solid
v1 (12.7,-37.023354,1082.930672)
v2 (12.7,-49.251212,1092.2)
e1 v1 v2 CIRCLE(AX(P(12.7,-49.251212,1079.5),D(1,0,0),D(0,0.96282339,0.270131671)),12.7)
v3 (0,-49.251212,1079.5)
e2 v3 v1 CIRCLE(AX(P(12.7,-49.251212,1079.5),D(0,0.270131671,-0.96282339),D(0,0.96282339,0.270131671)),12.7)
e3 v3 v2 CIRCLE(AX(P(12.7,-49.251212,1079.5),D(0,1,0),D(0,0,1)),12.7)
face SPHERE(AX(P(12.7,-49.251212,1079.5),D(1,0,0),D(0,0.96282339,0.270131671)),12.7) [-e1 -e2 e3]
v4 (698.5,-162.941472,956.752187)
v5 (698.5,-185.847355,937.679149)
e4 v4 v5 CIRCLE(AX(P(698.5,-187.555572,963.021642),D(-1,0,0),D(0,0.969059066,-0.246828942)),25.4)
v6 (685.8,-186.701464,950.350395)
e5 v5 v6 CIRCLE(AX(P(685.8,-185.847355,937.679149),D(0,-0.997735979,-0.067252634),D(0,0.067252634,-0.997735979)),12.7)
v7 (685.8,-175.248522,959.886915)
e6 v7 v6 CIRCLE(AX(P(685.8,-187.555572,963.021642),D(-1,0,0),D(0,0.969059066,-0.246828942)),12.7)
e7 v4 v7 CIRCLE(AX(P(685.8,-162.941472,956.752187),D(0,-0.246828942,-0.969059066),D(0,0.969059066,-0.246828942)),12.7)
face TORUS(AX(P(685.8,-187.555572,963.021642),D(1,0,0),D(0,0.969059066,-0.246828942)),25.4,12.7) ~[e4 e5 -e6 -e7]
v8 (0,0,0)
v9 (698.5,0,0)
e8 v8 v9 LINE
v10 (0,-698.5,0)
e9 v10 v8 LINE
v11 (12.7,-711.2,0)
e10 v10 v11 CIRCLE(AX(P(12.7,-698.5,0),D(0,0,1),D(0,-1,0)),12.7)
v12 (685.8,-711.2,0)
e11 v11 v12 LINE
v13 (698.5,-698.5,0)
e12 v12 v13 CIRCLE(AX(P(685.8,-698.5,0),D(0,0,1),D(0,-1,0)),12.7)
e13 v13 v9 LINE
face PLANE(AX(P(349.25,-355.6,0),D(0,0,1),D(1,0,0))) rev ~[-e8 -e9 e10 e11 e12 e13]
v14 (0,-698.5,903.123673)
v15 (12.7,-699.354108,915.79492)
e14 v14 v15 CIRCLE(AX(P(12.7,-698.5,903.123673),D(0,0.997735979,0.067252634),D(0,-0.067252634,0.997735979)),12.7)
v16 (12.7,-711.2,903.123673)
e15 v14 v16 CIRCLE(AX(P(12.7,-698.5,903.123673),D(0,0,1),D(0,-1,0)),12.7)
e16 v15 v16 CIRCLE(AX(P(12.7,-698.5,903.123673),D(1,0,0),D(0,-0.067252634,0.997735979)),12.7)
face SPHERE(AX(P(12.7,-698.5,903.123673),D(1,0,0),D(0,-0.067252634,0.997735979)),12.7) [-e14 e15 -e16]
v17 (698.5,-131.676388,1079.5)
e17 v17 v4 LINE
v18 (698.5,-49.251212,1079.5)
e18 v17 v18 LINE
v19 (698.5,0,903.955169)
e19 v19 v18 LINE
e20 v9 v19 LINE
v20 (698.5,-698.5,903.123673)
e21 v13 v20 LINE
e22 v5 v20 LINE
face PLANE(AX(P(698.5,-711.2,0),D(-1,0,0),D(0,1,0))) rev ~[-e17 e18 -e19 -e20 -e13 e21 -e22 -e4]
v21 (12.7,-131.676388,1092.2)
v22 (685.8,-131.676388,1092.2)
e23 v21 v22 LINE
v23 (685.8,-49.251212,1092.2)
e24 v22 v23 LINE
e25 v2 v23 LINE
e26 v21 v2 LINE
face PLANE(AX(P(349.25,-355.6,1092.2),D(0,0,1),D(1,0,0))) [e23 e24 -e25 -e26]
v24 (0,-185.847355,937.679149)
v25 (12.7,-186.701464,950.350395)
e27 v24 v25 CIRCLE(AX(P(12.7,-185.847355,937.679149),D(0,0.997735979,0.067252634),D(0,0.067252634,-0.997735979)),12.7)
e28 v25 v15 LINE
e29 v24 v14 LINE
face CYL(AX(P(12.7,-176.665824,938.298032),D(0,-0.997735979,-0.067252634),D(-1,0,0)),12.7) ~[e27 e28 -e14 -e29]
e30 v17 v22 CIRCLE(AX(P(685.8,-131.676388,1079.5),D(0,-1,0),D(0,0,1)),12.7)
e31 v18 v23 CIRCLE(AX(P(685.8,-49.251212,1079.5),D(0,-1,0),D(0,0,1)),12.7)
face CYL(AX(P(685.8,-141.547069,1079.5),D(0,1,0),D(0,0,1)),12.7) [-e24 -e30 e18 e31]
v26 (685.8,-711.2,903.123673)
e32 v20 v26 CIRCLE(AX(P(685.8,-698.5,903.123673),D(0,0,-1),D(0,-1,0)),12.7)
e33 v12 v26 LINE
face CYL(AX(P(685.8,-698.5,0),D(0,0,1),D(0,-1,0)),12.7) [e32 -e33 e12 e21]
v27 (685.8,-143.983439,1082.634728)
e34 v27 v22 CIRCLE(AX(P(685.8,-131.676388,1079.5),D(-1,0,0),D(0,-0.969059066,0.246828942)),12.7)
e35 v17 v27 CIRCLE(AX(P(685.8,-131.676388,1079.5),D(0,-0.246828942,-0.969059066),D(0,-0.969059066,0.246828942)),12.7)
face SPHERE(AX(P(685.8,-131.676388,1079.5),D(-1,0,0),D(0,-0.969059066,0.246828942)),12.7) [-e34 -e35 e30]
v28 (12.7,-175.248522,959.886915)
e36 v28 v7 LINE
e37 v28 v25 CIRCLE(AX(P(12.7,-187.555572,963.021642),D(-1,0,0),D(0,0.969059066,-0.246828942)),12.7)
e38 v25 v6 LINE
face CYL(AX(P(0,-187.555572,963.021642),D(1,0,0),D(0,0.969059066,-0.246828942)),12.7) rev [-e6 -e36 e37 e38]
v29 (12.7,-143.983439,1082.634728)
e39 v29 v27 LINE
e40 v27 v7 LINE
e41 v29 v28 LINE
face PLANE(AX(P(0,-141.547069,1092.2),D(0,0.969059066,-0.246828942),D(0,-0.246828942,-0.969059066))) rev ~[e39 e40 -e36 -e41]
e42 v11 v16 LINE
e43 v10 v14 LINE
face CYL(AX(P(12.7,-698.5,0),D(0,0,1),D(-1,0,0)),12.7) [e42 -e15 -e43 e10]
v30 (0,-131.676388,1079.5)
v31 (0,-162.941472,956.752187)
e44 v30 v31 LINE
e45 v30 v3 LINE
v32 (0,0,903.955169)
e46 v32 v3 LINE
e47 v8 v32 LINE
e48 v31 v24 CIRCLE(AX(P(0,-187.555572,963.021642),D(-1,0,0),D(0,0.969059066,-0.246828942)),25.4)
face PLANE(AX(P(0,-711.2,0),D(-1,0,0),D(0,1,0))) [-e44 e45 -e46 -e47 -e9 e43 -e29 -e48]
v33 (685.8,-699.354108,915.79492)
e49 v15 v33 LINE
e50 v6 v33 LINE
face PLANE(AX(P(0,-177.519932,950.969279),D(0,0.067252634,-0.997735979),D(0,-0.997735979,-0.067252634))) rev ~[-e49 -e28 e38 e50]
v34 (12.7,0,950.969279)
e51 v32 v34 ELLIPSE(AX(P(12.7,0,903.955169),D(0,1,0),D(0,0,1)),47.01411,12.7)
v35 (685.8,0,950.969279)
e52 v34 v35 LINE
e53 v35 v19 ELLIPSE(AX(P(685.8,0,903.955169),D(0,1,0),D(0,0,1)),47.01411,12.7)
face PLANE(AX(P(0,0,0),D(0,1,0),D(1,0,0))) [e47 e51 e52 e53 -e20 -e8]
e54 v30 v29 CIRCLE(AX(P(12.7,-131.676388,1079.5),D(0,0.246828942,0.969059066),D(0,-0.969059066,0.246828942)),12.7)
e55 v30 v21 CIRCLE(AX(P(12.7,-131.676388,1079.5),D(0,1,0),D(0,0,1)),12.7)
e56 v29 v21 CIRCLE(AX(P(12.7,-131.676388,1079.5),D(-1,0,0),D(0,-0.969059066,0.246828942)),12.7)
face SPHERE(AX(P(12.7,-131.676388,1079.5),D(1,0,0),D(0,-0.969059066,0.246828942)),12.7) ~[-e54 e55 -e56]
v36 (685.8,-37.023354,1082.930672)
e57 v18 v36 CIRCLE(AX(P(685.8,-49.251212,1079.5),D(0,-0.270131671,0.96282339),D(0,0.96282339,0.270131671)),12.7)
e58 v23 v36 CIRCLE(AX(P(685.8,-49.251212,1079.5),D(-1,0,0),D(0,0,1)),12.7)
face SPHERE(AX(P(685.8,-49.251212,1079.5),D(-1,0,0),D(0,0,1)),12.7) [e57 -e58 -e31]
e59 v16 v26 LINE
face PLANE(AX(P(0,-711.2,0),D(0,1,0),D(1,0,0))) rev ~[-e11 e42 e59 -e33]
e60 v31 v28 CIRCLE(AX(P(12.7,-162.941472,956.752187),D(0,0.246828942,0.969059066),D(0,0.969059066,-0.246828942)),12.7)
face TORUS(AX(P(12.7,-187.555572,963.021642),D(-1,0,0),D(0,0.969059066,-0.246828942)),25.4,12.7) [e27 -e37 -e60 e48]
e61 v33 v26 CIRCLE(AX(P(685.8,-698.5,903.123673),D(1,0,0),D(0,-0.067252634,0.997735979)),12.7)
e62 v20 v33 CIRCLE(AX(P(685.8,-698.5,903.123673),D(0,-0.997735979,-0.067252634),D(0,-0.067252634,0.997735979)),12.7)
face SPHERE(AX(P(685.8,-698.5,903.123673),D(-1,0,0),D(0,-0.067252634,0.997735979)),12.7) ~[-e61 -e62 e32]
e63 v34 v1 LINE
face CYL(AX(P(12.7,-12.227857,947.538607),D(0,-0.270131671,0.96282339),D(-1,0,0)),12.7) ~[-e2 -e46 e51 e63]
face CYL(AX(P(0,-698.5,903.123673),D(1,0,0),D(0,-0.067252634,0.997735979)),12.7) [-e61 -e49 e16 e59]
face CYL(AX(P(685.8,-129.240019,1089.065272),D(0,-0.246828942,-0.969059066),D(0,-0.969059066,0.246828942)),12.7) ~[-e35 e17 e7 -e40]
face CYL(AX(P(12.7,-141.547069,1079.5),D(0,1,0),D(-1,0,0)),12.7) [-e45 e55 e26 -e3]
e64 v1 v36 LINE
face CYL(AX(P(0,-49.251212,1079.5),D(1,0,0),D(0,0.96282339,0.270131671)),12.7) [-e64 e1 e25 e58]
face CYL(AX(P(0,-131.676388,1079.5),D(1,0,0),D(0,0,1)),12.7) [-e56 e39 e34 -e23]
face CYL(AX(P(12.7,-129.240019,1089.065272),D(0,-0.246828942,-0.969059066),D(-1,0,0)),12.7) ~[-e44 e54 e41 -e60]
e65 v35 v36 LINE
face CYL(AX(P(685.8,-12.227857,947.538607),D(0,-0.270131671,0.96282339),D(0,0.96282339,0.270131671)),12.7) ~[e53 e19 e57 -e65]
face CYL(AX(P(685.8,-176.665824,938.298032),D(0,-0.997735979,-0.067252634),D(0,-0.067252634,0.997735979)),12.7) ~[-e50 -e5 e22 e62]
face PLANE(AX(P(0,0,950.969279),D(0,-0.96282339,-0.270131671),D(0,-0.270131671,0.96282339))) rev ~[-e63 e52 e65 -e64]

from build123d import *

# Parameters (mm, degrees)
F0_W     = 698.5
F0_H     = 711.2
F1_DEPTH = 1092.2
F3_DEPTH = 698.501
F4_R     = 12.7


with BuildPart() as f1:
    # F0 (on Top) → F1 (new body)
    with BuildSketch(Plane.XY):
        with Locations((349.25, -355.6)):
            Rectangle(F0_W, F0_H)
    extrude(amount=F1_DEPTH)

    # F2 (on face) → F3 (cut, through all)
    with BuildSketch(Plane(origin=(0, 0, 0), x_dir=(0, -1, 0), z_dir=(-1, 0, 0))):
        Polygon((711.2, 1092.2), (141.5470689535, 1092.2), (177.5199323893, 950.9692788124), (711.2, 914.996445179), align=None)
        Polygon((0, 1092.2), (0, 950.9692788124), (39.6239757538, 1092.2), align=None)
    extrude(amount=-F3_DEPTH, mode=Mode.SUBTRACT)

    # F4
    f4_edges = [f1.edges().sort_by_distance(p)[0] for p in [
        (0, -711.2, 457.498223),
        (698.5, -711.2, 457.498223),
        (349.25, -711.2, 914.996445),
        (0, -444.359966, 932.982862),
        (698.5, -444.359966, 932.982862),
        (349.25, -177.519932, 950.969279),
        (349.25, -141.547069, 1092.2),
        (349.25, -39.623976, 1092.2),
        (0, -159.533501, 1021.584639),
        (698.5, -159.533501, 1021.584639),
        (0, -19.811988, 1021.584639),
        (698.5, -90.585522, 1092.2),
        (698.5, -19.811988, 1021.584639),
        (0, -90.585522, 1092.2),
    ]]
    fillet(f4_edges, radius=F4_R)


solid = f1.part
